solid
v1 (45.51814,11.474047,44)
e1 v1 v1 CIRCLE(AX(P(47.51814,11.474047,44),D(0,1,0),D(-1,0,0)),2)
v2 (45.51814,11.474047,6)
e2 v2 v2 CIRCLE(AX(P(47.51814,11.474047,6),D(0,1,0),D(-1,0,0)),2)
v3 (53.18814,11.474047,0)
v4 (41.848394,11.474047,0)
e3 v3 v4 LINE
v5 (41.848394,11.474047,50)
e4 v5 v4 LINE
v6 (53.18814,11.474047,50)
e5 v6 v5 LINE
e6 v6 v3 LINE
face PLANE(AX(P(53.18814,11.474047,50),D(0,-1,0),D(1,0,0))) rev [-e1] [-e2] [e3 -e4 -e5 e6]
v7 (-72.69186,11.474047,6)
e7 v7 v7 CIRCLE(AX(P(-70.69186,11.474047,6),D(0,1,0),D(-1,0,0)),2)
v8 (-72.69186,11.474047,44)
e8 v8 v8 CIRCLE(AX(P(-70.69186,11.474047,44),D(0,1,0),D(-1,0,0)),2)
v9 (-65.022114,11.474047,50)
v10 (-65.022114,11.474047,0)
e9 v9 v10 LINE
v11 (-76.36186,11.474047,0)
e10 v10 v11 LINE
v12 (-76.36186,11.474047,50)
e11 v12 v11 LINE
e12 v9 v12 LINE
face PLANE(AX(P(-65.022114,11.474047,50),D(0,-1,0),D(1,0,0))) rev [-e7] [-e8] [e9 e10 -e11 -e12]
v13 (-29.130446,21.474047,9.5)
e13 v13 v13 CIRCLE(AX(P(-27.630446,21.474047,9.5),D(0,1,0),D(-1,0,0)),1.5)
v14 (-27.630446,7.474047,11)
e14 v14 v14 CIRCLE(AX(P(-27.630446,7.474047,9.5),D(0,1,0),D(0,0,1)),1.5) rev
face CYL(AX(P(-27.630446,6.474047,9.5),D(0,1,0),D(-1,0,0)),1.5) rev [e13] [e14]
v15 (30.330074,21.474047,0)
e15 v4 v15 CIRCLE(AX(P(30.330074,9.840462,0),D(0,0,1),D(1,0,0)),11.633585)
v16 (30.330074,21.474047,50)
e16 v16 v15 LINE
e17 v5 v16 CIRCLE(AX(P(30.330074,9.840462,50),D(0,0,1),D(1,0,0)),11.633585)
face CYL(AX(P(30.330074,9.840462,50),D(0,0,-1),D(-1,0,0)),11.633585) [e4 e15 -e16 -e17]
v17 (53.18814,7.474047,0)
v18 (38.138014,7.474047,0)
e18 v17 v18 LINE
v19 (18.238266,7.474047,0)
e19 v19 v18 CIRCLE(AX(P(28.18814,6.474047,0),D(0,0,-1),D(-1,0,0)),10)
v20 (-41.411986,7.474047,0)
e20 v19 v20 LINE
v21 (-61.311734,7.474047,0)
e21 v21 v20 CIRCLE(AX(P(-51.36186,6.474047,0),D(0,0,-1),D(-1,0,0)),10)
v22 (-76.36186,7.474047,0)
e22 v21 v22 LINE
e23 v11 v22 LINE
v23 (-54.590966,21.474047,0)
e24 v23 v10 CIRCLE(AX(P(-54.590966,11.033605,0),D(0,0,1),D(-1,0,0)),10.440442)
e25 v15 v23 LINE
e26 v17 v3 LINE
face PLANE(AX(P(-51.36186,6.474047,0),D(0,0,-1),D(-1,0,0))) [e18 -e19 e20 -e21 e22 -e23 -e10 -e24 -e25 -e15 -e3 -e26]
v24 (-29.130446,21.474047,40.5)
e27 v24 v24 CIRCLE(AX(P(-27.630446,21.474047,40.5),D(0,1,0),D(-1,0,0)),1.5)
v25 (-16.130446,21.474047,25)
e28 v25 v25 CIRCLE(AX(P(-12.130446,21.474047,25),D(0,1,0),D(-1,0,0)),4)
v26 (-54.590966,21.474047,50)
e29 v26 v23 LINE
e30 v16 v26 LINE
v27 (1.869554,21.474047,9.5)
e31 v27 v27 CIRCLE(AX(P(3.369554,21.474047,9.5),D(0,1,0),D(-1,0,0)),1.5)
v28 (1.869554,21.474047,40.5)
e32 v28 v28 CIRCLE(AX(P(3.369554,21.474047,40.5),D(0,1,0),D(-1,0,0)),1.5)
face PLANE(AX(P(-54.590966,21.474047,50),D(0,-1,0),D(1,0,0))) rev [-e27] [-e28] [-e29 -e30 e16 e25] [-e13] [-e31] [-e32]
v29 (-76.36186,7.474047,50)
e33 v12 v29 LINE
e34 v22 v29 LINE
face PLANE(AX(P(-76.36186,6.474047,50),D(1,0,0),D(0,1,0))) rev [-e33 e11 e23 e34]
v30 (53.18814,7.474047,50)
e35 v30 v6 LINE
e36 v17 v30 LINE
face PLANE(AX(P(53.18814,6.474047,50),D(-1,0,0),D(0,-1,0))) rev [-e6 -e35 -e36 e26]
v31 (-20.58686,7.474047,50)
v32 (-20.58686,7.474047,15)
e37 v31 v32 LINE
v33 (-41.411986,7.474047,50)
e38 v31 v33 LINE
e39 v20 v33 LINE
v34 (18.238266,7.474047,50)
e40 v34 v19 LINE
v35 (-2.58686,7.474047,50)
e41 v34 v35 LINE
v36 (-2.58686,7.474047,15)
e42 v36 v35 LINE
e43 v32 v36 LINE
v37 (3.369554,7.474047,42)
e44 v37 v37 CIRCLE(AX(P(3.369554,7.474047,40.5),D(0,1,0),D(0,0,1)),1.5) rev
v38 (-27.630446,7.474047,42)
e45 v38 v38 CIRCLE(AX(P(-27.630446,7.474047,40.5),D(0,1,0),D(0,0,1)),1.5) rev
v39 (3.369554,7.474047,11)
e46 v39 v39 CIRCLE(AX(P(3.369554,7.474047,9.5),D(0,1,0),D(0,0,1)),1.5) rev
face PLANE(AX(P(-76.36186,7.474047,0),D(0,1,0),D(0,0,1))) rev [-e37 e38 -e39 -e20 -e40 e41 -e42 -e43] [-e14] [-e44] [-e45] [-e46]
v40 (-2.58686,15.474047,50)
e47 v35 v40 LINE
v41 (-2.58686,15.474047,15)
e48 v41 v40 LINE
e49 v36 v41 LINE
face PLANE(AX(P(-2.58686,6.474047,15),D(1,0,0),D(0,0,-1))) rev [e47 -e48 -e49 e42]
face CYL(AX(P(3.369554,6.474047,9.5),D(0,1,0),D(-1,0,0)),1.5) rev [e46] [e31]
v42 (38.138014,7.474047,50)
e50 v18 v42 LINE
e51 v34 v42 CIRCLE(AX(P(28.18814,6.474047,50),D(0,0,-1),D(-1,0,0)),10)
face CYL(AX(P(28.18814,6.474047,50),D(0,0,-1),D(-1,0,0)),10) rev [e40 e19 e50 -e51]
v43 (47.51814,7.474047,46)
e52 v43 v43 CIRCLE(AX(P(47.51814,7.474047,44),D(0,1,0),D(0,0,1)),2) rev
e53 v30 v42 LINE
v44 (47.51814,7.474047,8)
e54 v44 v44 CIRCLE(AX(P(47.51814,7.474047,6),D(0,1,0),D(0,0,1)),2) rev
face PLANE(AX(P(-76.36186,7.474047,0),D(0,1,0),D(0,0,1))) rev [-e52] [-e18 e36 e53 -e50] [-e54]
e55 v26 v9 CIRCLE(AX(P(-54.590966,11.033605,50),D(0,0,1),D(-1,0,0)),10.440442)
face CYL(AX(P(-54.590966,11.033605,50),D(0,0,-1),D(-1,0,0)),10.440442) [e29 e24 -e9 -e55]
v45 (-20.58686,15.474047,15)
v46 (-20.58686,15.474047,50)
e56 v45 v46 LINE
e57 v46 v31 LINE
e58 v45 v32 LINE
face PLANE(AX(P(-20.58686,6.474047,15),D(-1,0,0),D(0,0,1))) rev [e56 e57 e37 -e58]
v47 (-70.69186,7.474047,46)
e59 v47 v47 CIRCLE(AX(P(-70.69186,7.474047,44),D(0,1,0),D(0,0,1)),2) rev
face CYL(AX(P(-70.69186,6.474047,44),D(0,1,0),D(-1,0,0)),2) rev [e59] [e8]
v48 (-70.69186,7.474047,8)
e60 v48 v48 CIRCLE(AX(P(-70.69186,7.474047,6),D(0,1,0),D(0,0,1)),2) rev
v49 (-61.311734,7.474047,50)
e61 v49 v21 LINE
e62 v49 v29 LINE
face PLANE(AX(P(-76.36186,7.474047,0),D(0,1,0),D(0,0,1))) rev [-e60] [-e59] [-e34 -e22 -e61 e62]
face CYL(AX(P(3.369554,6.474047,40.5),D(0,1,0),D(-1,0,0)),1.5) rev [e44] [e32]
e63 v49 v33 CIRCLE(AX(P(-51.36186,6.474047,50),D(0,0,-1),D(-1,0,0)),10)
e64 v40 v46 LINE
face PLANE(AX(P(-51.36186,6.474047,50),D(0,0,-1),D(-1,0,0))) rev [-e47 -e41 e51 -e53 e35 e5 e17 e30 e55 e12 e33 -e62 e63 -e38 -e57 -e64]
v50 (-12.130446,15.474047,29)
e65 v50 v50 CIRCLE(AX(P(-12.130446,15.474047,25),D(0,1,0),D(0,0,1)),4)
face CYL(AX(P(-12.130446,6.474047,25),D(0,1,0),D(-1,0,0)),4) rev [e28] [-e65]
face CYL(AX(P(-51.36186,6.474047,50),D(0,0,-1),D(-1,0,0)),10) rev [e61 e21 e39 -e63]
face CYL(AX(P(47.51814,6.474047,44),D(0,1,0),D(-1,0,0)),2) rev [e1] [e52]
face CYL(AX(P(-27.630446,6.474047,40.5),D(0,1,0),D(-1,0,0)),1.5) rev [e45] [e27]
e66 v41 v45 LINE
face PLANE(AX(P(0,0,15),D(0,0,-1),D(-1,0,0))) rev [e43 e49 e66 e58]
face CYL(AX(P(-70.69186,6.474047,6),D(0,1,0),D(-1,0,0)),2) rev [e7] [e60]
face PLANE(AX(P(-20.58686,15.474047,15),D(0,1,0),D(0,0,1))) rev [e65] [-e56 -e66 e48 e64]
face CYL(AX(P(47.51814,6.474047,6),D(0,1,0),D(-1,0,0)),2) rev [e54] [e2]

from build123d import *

# Parameters (mm, degrees)
ESTRUSIONE_ESTRUSIONE1_DEPTH = 50
SCHIZZO2_R                   = 2
TAGLIO_ESTRUSIONE1_DEPTH     = 92.821204916
SCHIZZO3_W                   = 18
SCHIZZO3_H                   = 9
TAGLIO_ESTRUSIONE2_DEPTH     = 35
SCHIZZO4_R                   = 4
SCHIZZO4_R_2                 = 1.5
TAGLIO_ESTRUSIONE3_DEPTH     = 93.4993712
SCHIZZO5_W                   = 129.55
SCHIZZO5_H                   = 1
TAGLIO_ESTRUSIONE4_DEPTH     = 94.767096332


with BuildPart() as part:
    # Schizzo1 → Estrusione-Estrusione1 (new body)
    with BuildSketch(Plane.XY):
        with BuildLine():
            Line((-41.361860063, 6.474046711), (18.188139937, 6.474046711))
            ThreePointArc((18.188139937, 6.474046711), (28.188139937, 16.474046711), (38.188139937, 6.474046711))
            Line((38.188139937, 6.474046711), (53.188139937, 6.474046711))
            Line((53.188139937, 6.474046711), (53.188139937, 11.474046711))
            Line((53.188139937, 11.474046711), (41.848393975, 11.474046711))
            ThreePointArc((41.848393975, 11.474046711), (37.956863927, 18.625242568), (30.330074087, 21.474046711))
            Line((30.330074087, 21.474046711), (-54.59096633, 21.474046711))
            ThreePointArc((-54.59096633, 21.474046711), (-61.816076084, 18.57022327), (-65.022114101, 11.474046711))
            Line((-65.022114101, 11.474046711), (-76.361860063, 11.474046711))
            Line((-76.361860063, 11.474046711), (-76.361860063, 6.474046711))
            Line((-76.361860063, 6.474046711), (-61.361860063, 6.474046711))
            ThreePointArc((-61.361860063, 6.474046711), (-51.361860063, 16.474046711), (-41.361860063, 6.474046711))
        make_face()
    extrude(amount=ESTRUSIONE_ESTRUSIONE1_DEPTH)

    # Schizzo2 → Taglio-Estrusione1 (cut, through all)
    with BuildSketch(Plane(origin=(0, 11.474046711, 0), x_dir=(1, 0, 0), z_dir=(0, 1, 0))):
        with Locations(Location((-70.691860063, -6, 0), (0, 0, 180))):
            Circle(SCHIZZO2_R)
        with Locations(Location((-70.691860063, -44, 0), (0, 0, 180))):
            Circle(SCHIZZO2_R)
        with Locations(Location((47.518139937, -6, 0), (0, 0, 180))):
            Circle(SCHIZZO2_R)
        with Locations(Location((47.518139937, -44, 0), (0, 0, 180))):
            Circle(SCHIZZO2_R)
    extrude(amount=-TAGLIO_ESTRUSIONE1_DEPTH, mode=Mode.SUBTRACT)

    # Schizzo3 → Taglio-Estrusione2 (cut)
    with BuildSketch(Plane.XY.offset(50)):
        with Locations((-11.586860063, 10.974046711)):
            Rectangle(SCHIZZO3_W, SCHIZZO3_H)
    extrude(amount=-TAGLIO_ESTRUSIONE2_DEPTH, mode=Mode.SUBTRACT)

    # Schizzo4 → Taglio-Estrusione3 (cut, through all)
    with BuildSketch(Plane(origin=(0, 21.474046711, 0), x_dir=(1, 0, 0), z_dir=(0, 1, 0))):
        with Locations(Location((-12.130446122, -25, 0), (0, 0, 180))):
            Circle(SCHIZZO4_R)
        with Locations(Location((-27.630446122, -9.5, 0), (0, 0, 180))):
            Circle(SCHIZZO4_R_2)
        with Locations(Location((3.369553878, -9.5, 0), (0, 0, 180))):
            Circle(SCHIZZO4_R_2)
        with Locations(Location((3.369553878, -40.5, 0), (0, 0, 180))):
            Circle(SCHIZZO4_R_2)
        with Locations(Location((-27.630446122, -40.5, 0), (0, 0, 180))):
            Circle(SCHIZZO4_R_2)
    extrude(amount=-TAGLIO_ESTRUSIONE3_DEPTH, mode=Mode.SUBTRACT)

    # Schizzo5 → Taglio-Estrusione4 (cut, through all)
    with BuildSketch(Plane.XY.offset(50)):
        with Locations((-11.586860063, 6.974046711)):
            Rectangle(SCHIZZO5_W, SCHIZZO5_H)
    extrude(amount=-TAGLIO_ESTRUSIONE4_DEPTH, mode=Mode.SUBTRACT)


solid = part.part
